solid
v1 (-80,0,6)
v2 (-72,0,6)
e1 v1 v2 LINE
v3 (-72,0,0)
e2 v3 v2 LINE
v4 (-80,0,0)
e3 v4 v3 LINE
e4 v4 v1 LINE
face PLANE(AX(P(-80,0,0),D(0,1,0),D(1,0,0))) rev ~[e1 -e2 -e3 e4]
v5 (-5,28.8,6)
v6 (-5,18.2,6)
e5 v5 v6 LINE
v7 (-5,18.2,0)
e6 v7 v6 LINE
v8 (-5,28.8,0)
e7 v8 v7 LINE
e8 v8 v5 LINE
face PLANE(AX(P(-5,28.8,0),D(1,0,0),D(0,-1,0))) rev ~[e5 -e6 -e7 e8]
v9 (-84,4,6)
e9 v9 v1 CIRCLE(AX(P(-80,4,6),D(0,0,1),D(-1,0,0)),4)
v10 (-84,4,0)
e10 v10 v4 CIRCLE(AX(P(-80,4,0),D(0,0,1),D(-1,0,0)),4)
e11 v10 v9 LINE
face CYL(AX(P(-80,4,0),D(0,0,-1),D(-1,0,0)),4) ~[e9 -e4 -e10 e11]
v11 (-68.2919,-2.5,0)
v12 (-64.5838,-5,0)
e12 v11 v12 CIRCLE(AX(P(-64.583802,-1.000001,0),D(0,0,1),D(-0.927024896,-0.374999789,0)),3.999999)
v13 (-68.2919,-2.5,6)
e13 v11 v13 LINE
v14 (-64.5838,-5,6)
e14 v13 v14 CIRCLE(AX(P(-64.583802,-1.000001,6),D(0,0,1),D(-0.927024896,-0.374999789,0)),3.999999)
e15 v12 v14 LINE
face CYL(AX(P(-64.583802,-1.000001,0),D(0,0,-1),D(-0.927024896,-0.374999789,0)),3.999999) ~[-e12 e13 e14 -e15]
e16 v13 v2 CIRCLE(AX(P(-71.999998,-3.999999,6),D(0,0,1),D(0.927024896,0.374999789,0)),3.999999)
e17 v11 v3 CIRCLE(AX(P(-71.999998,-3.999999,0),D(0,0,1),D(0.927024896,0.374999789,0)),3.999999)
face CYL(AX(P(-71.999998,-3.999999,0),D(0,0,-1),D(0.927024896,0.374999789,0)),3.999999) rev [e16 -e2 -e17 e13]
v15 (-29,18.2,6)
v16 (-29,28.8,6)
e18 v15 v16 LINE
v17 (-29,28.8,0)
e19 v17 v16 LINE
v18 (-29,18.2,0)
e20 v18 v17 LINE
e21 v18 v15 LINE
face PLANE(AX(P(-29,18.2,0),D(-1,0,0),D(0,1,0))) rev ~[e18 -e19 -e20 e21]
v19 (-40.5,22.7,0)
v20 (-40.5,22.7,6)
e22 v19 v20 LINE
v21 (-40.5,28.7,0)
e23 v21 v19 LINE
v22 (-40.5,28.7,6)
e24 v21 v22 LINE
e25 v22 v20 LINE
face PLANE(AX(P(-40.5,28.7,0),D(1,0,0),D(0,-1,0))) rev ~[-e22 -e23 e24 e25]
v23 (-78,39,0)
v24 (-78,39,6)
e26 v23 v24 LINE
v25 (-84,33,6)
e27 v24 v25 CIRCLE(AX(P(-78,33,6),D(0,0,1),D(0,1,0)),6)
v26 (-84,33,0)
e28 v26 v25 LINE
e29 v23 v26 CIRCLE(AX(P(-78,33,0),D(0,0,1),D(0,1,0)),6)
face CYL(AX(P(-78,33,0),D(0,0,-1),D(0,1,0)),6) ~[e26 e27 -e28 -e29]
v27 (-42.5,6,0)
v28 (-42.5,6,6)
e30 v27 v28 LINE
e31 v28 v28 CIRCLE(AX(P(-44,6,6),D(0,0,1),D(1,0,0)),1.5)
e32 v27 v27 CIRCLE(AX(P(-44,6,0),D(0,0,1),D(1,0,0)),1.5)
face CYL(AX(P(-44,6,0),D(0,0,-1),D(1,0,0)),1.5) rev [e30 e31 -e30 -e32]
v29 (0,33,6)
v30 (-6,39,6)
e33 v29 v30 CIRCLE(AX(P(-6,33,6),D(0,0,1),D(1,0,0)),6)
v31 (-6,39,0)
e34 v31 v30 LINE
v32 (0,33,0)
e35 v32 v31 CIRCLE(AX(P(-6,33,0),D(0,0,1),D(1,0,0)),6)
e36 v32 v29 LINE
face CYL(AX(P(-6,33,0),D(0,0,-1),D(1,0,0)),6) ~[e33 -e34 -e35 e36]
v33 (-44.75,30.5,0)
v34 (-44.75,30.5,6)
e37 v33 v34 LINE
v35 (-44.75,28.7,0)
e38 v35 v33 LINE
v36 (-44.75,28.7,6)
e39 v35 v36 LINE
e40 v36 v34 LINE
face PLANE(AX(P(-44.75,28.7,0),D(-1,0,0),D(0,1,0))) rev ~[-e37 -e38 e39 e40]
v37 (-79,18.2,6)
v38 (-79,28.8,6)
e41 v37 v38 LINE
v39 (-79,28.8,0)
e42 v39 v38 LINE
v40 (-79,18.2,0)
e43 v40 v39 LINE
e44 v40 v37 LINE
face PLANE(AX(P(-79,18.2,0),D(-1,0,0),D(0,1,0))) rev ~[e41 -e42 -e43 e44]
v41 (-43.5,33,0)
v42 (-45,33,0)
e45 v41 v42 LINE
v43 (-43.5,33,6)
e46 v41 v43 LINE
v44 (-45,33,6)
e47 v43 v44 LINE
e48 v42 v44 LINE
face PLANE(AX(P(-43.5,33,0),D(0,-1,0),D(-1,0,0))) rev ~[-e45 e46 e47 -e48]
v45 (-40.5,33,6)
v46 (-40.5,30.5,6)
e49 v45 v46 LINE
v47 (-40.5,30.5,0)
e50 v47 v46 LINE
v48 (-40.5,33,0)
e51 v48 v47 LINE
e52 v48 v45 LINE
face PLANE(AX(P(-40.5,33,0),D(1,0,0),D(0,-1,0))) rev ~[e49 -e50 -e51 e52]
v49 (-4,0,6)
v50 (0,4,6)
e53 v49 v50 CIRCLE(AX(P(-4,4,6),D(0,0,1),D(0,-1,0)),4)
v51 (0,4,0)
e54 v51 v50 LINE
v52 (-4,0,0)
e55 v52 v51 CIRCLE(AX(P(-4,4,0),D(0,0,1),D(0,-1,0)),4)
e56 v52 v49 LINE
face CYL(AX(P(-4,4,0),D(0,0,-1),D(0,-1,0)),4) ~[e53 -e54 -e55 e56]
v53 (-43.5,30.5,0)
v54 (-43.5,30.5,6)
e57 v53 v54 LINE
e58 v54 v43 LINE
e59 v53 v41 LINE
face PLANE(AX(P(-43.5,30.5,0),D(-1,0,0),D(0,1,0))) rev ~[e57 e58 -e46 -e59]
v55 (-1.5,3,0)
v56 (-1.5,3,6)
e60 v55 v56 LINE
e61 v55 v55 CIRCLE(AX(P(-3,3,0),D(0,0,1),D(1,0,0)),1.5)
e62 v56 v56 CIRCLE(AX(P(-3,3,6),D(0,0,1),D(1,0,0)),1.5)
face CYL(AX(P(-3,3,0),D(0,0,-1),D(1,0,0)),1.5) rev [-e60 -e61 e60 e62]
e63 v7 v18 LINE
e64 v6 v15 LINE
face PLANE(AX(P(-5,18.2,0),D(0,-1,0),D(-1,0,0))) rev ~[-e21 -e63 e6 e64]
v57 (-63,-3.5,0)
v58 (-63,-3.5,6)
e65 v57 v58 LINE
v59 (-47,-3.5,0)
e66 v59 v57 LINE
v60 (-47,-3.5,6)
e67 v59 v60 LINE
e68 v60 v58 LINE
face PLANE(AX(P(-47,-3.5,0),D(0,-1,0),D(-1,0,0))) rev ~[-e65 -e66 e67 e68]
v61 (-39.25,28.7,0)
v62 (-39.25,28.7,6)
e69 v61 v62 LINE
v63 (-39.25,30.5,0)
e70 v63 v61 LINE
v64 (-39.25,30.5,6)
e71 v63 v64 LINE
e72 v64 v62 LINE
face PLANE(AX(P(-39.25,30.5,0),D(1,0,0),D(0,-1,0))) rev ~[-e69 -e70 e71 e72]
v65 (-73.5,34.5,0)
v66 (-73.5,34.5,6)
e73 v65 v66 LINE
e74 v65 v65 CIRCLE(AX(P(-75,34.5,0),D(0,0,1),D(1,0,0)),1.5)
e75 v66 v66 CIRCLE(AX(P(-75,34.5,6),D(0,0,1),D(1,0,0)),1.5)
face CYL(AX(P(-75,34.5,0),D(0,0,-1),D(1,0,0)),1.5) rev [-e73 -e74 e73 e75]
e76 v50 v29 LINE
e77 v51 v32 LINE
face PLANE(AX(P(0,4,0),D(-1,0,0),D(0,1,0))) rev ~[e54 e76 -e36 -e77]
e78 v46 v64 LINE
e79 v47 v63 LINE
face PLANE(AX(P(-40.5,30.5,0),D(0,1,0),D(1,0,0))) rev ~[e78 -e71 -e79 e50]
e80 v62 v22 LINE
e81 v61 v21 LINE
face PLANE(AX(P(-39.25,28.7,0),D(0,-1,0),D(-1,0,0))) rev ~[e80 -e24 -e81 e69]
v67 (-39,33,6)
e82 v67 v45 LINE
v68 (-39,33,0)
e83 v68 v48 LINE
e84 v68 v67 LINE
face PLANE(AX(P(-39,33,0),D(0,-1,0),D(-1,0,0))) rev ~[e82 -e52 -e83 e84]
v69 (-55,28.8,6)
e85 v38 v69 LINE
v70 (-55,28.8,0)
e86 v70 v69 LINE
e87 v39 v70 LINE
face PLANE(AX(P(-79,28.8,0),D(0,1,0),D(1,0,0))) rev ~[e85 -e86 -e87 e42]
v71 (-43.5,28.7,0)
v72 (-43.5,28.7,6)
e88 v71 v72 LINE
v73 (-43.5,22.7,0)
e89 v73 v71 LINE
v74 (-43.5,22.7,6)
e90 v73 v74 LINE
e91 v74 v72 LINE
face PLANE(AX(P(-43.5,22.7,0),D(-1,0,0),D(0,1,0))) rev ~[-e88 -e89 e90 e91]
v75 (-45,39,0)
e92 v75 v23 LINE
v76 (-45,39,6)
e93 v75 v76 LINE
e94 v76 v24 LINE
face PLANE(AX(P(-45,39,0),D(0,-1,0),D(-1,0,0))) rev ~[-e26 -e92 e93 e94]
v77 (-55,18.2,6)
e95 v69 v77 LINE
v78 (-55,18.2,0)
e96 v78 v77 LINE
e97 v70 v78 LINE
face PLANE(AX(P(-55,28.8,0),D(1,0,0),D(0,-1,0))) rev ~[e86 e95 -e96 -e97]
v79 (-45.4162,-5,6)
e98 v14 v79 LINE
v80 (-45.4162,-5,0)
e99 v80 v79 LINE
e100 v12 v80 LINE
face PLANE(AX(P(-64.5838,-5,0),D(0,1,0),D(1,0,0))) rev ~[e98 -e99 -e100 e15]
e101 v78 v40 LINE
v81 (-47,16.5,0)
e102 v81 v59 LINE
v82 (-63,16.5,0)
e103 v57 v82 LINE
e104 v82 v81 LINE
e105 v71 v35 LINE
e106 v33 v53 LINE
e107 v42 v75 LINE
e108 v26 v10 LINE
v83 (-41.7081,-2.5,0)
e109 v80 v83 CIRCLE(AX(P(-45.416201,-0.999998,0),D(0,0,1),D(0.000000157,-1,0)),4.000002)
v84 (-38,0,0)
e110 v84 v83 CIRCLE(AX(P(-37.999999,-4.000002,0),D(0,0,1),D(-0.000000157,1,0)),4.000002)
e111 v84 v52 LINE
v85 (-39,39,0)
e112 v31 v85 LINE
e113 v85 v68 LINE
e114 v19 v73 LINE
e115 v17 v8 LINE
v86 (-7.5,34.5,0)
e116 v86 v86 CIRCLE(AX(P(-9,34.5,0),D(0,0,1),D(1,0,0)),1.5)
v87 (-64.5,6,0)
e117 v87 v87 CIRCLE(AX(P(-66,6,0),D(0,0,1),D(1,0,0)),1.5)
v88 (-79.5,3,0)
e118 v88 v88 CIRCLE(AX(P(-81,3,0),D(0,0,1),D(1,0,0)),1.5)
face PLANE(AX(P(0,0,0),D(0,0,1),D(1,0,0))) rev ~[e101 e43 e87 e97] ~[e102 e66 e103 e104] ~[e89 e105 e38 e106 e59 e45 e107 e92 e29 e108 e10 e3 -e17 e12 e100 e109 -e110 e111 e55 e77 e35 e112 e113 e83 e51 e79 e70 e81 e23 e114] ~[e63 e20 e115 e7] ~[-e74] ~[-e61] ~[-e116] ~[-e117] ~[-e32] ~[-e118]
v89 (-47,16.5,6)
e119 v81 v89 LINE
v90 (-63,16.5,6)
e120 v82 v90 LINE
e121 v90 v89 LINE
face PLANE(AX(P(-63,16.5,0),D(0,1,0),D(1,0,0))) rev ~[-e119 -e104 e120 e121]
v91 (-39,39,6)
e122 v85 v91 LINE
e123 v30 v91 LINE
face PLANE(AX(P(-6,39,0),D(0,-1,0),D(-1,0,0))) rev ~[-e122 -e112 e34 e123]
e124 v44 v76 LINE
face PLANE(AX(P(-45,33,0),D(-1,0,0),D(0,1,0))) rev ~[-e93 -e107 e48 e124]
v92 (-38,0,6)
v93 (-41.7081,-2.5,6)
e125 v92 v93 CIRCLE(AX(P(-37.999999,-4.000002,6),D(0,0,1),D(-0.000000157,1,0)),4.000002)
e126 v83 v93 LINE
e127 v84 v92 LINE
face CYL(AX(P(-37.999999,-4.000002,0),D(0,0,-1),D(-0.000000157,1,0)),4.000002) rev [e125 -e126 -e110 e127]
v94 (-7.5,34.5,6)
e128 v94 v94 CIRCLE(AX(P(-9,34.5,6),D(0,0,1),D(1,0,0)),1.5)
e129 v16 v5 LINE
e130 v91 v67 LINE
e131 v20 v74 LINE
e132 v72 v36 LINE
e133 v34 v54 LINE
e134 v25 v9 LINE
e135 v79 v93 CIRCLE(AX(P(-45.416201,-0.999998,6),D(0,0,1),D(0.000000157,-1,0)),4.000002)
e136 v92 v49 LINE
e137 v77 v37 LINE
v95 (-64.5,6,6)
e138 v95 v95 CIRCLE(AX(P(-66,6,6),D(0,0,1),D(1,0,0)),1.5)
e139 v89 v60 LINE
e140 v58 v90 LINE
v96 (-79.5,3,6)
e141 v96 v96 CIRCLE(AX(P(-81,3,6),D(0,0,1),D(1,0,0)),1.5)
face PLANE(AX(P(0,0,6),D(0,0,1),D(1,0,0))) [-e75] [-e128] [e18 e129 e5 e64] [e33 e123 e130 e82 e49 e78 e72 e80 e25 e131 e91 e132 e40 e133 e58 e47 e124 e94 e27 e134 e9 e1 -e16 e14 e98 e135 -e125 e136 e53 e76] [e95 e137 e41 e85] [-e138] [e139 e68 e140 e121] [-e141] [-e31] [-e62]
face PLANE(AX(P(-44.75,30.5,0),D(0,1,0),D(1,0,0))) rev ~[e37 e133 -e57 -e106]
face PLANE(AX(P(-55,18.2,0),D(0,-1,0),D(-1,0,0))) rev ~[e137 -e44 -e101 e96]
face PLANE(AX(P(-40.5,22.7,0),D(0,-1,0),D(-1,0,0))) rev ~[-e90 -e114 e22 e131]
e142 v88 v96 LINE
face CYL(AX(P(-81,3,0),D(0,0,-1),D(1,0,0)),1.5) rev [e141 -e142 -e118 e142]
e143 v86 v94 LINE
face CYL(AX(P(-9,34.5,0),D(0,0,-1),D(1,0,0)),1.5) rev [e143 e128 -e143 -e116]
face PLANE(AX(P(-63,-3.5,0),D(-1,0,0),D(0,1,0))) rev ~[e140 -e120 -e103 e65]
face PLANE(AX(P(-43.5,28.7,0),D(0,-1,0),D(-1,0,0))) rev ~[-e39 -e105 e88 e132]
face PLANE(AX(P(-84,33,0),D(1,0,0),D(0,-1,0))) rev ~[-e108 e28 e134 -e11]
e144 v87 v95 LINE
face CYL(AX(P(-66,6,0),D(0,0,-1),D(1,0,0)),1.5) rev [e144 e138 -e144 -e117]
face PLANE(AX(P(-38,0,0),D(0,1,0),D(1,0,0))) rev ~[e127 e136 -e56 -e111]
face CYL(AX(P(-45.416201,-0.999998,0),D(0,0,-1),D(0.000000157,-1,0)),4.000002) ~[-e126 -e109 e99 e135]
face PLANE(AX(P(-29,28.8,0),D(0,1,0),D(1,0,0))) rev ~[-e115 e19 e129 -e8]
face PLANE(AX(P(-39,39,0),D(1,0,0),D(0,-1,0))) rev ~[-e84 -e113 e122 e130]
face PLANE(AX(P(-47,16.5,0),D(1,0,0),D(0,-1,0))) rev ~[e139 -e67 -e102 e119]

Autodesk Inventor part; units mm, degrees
ref_plane "YZ Plane" through (0, 0, 0) normal (1, 0, 0) x (0, 1, 0)
ref_plane "XZ Plane" through (0, 0, 0) normal (0, 1, 0) x (-1, 0, 0)
ref_plane "XY Plane" through (0, 0, 0) normal (0, 0, 1) x (1, 0, 0)
sketch "Sketch1" plane through (0, 0, 0) normal (0, 0, 1) x (1, 0, 0)
  arc A0 (-78, 39) -> (-84, 33) centre (-78, 33) ccw
  line L0 (-84, 33) -> (-84, 4)
  arc A1 (-84, 4) -> (-80, 0) centre (-80, 4) ccw
  line L1 (-80, 0) -> (-72, 0)
  arc A2 (-68.2919, -2.5) -> (-72, 0) centre (-72, -4) ccw
  arc A3 (-68.2919, -2.5) -> (-64.5838, -5) centre (-64.5838, -1) ccw
  line L2 (-64.5838, -5) -> (-45.4162, -5)
  arc A4 (-45.4162, -5) -> (-41.7081, -2.5) centre (-45.4162, -1) ccw
  arc A5 (-38, 0) -> (-41.7081, -2.5) centre (-38, -4) ccw
  line L3 (-38, 0) -> (-4, 0)
  arc A6 (-4, 0) -> (0, 4) centre (-4, 4) ccw
  line L4 (0, 4) -> (0, 33)
  arc A7 (0, 33) -> (-6, 39) centre (-6, 33) ccw
  line L5 (-6, 39) -> (-39, 39)
  line L6 (-39, 39) -> (-39, 33)
  line L7 (-39, 33) -> (-40.5, 33)
  line L8 (-40.5, 33) -> (-40.5, 30.5)
  line L9 (-40.5, 30.5) -> (-39.25, 30.5)
  line L10 (-39.25, 30.5) -> (-39.25, 28.7)
  line L11 (-39.25, 28.7) -> (-40.5, 28.7)
  line L12 (-40.5, 28.7) -> (-40.5, 22.7)
  line L13 (-40.5, 22.7) -> (-43.5, 22.7)
  line L14 (-43.5, 22.7) -> (-43.5, 28.7)
  line L15 (-43.5, 28.7) -> (-44.75, 28.7)
  line L16 (-44.75, 28.7) -> (-44.75, 30.5)
  line L17 (-44.75, 30.5) -> (-43.5, 30.5)
  line L18 (-43.5, 30.5) -> (-43.5, 33)
  line L19 (-43.5, 33) -> (-45, 33)
  line L20 (-45, 33) -> (-45, 39)
  line L21 (-45, 39) -> (-78, 39)
  line L22 (-63, -3.5) -> (-63, 16.5)
  line L23 (-63, 16.5) -> (-47, 16.5)
  line L24 (-47, 16.5) -> (-47, -3.5)
  line L25 (-47, -3.5) -> (-63, -3.5)
  line L26 (-79, 18.2) -> (-79, 28.8)
  line L27 (-79, 28.8) -> (-55, 28.8)
  line L28 (-55, 28.8) -> (-55, 18.2)
  line L29 (-55, 18.2) -> (-79, 18.2)
  line L30 (-29, 18.2) -> (-29, 28.8)
  line L31 (-29, 28.8) -> (-5, 28.8)
  line L32 (-5, 28.8) -> (-5, 18.2)
  line L33 (-5, 18.2) -> (-29, 18.2)
  circle A8 centre (-66, 6) radius 1.5
  circle A9 centre (-44, 6) radius 1.5
  circle A10 centre (-3, 3) radius 1.5
  circle A11 centre (-81, 3) radius 1.5
  circle A12 centre (-75, 34.5) radius 1.5
  circle A13 centre (-9, 34.5) radius 1.5
  point P0 (0, 0)
  point P1 (0, 0)
extrude "Extrusion1" add sketch "Sketch1" along normal blind 6
properties part number "XcrLeft_a"
